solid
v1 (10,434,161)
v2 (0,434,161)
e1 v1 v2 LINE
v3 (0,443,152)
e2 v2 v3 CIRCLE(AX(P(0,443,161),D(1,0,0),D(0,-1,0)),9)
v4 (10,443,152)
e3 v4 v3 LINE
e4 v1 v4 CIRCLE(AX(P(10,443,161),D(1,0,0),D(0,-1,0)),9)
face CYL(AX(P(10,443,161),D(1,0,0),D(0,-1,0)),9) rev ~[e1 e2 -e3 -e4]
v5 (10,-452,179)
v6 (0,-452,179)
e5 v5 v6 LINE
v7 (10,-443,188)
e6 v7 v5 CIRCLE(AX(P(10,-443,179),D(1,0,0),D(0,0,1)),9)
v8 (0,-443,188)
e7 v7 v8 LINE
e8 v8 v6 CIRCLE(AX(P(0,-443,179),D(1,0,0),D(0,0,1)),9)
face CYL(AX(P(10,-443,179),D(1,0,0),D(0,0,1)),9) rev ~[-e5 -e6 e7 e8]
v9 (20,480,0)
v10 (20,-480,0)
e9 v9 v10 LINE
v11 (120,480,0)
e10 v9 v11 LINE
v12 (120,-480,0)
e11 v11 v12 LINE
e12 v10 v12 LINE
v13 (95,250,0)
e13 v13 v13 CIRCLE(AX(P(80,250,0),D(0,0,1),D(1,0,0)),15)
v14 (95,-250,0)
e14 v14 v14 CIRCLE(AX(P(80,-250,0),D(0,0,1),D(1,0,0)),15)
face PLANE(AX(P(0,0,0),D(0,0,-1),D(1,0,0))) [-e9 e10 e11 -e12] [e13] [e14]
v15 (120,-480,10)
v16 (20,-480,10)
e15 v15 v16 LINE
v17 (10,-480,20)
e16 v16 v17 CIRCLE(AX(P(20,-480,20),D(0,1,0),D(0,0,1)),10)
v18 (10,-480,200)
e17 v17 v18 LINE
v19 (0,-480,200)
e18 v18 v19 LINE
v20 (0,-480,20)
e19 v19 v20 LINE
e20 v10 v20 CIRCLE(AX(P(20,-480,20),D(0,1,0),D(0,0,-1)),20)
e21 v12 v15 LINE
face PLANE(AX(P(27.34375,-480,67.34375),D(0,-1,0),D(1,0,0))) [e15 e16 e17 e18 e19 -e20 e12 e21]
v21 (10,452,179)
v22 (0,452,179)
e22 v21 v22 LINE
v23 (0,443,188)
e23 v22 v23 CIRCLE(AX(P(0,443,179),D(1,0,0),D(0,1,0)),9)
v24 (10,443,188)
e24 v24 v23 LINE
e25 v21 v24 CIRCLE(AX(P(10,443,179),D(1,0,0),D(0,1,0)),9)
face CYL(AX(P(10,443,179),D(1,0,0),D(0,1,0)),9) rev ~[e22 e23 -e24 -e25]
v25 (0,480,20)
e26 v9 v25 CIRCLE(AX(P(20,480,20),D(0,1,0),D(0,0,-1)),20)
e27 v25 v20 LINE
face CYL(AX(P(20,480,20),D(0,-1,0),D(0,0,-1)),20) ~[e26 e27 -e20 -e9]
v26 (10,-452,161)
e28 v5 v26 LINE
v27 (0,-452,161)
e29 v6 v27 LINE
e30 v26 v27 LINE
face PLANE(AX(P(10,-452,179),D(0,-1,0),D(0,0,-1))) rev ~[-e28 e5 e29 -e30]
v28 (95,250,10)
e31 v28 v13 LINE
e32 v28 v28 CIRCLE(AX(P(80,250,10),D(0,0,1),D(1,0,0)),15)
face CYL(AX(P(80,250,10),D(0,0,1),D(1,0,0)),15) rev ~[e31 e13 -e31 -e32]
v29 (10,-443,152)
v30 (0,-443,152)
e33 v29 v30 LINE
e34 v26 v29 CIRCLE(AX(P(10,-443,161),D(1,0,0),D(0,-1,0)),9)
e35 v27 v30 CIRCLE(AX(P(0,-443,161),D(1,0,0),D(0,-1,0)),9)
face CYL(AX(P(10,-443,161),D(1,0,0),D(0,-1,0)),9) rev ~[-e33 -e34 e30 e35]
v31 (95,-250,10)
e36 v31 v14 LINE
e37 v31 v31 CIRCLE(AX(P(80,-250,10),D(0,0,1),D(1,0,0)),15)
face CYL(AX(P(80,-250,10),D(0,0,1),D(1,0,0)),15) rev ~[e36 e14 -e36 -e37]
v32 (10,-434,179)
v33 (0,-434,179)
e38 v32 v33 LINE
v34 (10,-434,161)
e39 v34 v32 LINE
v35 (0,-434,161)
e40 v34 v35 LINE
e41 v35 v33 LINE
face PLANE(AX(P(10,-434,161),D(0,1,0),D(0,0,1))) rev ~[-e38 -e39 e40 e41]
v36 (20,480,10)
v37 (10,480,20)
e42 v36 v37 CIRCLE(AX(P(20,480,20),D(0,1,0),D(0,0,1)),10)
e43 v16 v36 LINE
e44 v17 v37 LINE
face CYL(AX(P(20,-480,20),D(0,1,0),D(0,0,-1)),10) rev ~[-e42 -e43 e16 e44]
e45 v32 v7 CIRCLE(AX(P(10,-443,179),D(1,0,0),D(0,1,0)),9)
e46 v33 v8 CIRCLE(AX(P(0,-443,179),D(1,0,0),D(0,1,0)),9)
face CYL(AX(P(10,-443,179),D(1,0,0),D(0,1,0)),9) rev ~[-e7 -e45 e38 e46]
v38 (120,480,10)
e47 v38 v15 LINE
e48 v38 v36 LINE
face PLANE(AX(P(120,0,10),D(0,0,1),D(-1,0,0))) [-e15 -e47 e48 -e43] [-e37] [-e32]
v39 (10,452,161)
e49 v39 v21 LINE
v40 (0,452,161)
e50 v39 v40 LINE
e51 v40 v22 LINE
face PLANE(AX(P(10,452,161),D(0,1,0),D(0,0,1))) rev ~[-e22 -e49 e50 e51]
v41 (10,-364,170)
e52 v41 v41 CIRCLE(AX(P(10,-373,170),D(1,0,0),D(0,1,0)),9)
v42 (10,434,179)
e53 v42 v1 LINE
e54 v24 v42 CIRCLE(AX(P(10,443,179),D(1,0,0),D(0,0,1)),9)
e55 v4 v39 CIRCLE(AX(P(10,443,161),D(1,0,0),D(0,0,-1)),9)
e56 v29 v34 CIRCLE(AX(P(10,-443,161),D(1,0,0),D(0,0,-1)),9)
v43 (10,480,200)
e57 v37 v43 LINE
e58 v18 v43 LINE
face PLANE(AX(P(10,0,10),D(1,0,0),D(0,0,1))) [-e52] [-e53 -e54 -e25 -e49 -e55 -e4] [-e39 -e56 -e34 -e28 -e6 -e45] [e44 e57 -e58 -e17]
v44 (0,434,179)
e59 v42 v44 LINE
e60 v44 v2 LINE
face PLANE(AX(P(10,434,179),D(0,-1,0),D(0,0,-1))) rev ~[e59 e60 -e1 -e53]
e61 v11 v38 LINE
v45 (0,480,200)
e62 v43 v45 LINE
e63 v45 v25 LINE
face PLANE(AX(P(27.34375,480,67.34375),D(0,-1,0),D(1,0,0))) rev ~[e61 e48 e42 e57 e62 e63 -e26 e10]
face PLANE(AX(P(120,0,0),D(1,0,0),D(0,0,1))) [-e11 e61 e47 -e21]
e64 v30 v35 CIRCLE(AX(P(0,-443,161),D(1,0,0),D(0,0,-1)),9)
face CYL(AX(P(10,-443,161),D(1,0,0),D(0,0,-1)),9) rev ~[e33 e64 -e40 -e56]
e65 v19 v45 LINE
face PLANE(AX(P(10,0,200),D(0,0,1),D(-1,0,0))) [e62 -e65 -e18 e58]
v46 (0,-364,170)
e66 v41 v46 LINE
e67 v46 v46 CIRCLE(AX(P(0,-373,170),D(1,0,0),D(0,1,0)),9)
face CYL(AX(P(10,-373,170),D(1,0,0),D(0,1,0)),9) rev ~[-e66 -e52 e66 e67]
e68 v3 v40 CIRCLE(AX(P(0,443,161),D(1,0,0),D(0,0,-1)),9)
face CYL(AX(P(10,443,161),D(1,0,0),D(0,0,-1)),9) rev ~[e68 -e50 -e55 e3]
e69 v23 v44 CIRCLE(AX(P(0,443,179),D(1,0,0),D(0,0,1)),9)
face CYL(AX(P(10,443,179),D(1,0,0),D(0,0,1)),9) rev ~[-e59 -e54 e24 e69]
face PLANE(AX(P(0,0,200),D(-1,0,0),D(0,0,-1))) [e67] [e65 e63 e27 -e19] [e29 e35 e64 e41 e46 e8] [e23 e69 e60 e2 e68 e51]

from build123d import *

# Parameters (mm, degrees)
F1_DEPTH = 480
F2_R     = 9
F3_DEPTH = 10
F4_R     = 15
F5_DEPTH = 10
F6_R     = 10
F7_R     = 20


with BuildPart() as f1:
    # F0 (on Front) → F1 (new body, symmetric)
    with BuildSketch(Plane.XZ):
        Polygon((0, 200), (0, 0), (120, 0), (120, 10), (10, 10), (10, 200), align=None)
    extrude(amount=F1_DEPTH, both=True)

    # F2 (on face) → F3 (cut, through all)
    with BuildSketch(Plane.YZ.offset(10)):
        with Locations((-373, 170)):
            Circle(F2_R)
        with BuildLine():
            ThreePointArc((-434, 179), (-436.6360389693, 185.3639610307), (-443, 188))
            ThreePointArc((-443, 188), (-449.3639610307, 185.3639610307), (-452, 179))
            Line((-452, 179), (-452, 161))
            ThreePointArc((-452, 161), (-449.3639610307, 154.6360389693), (-443, 152))
            ThreePointArc((-443, 152), (-436.6360389693, 154.6360389693), (-434, 161))
            Line((-434, 161), (-434, 179))
        make_face()
        with BuildLine():
            ThreePointArc((443, 188), (436.6360389693, 185.3639610307), (434, 179))
            Line((434, 179), (434, 161))
            ThreePointArc((434, 161), (436.6360389693, 154.6360389693), (443, 152))
            ThreePointArc((443, 152), (449.3639610307, 154.6360389693), (452, 161))
            Line((452, 161), (452, 179))
            ThreePointArc((452, 179), (449.3639610307, 185.3639610307), (443, 188))
        make_face()
    extrude(amount=-F3_DEPTH, mode=Mode.SUBTRACT)

    # F4 (on face) → F5 (cut, through all)
    with BuildSketch(Plane.XY.offset(10)):
        with Locations((80, -250)):
            Circle(F4_R)
        with Locations((80, 250)):
            Circle(F4_R)
    extrude(amount=-F5_DEPTH, mode=Mode.SUBTRACT)

    # F6
    f6_edges = [f1.edges().sort_by_distance(p)[0] for p in [
        (10, 0, 10),
    ]]
    fillet(f6_edges, radius=F6_R)

    # F7
    f7_edges = [f1.edges().sort_by_distance(p)[0] for p in [
        (0, 0, 0),
    ]]
    fillet(f7_edges, radius=F7_R)


solid = f1.part
